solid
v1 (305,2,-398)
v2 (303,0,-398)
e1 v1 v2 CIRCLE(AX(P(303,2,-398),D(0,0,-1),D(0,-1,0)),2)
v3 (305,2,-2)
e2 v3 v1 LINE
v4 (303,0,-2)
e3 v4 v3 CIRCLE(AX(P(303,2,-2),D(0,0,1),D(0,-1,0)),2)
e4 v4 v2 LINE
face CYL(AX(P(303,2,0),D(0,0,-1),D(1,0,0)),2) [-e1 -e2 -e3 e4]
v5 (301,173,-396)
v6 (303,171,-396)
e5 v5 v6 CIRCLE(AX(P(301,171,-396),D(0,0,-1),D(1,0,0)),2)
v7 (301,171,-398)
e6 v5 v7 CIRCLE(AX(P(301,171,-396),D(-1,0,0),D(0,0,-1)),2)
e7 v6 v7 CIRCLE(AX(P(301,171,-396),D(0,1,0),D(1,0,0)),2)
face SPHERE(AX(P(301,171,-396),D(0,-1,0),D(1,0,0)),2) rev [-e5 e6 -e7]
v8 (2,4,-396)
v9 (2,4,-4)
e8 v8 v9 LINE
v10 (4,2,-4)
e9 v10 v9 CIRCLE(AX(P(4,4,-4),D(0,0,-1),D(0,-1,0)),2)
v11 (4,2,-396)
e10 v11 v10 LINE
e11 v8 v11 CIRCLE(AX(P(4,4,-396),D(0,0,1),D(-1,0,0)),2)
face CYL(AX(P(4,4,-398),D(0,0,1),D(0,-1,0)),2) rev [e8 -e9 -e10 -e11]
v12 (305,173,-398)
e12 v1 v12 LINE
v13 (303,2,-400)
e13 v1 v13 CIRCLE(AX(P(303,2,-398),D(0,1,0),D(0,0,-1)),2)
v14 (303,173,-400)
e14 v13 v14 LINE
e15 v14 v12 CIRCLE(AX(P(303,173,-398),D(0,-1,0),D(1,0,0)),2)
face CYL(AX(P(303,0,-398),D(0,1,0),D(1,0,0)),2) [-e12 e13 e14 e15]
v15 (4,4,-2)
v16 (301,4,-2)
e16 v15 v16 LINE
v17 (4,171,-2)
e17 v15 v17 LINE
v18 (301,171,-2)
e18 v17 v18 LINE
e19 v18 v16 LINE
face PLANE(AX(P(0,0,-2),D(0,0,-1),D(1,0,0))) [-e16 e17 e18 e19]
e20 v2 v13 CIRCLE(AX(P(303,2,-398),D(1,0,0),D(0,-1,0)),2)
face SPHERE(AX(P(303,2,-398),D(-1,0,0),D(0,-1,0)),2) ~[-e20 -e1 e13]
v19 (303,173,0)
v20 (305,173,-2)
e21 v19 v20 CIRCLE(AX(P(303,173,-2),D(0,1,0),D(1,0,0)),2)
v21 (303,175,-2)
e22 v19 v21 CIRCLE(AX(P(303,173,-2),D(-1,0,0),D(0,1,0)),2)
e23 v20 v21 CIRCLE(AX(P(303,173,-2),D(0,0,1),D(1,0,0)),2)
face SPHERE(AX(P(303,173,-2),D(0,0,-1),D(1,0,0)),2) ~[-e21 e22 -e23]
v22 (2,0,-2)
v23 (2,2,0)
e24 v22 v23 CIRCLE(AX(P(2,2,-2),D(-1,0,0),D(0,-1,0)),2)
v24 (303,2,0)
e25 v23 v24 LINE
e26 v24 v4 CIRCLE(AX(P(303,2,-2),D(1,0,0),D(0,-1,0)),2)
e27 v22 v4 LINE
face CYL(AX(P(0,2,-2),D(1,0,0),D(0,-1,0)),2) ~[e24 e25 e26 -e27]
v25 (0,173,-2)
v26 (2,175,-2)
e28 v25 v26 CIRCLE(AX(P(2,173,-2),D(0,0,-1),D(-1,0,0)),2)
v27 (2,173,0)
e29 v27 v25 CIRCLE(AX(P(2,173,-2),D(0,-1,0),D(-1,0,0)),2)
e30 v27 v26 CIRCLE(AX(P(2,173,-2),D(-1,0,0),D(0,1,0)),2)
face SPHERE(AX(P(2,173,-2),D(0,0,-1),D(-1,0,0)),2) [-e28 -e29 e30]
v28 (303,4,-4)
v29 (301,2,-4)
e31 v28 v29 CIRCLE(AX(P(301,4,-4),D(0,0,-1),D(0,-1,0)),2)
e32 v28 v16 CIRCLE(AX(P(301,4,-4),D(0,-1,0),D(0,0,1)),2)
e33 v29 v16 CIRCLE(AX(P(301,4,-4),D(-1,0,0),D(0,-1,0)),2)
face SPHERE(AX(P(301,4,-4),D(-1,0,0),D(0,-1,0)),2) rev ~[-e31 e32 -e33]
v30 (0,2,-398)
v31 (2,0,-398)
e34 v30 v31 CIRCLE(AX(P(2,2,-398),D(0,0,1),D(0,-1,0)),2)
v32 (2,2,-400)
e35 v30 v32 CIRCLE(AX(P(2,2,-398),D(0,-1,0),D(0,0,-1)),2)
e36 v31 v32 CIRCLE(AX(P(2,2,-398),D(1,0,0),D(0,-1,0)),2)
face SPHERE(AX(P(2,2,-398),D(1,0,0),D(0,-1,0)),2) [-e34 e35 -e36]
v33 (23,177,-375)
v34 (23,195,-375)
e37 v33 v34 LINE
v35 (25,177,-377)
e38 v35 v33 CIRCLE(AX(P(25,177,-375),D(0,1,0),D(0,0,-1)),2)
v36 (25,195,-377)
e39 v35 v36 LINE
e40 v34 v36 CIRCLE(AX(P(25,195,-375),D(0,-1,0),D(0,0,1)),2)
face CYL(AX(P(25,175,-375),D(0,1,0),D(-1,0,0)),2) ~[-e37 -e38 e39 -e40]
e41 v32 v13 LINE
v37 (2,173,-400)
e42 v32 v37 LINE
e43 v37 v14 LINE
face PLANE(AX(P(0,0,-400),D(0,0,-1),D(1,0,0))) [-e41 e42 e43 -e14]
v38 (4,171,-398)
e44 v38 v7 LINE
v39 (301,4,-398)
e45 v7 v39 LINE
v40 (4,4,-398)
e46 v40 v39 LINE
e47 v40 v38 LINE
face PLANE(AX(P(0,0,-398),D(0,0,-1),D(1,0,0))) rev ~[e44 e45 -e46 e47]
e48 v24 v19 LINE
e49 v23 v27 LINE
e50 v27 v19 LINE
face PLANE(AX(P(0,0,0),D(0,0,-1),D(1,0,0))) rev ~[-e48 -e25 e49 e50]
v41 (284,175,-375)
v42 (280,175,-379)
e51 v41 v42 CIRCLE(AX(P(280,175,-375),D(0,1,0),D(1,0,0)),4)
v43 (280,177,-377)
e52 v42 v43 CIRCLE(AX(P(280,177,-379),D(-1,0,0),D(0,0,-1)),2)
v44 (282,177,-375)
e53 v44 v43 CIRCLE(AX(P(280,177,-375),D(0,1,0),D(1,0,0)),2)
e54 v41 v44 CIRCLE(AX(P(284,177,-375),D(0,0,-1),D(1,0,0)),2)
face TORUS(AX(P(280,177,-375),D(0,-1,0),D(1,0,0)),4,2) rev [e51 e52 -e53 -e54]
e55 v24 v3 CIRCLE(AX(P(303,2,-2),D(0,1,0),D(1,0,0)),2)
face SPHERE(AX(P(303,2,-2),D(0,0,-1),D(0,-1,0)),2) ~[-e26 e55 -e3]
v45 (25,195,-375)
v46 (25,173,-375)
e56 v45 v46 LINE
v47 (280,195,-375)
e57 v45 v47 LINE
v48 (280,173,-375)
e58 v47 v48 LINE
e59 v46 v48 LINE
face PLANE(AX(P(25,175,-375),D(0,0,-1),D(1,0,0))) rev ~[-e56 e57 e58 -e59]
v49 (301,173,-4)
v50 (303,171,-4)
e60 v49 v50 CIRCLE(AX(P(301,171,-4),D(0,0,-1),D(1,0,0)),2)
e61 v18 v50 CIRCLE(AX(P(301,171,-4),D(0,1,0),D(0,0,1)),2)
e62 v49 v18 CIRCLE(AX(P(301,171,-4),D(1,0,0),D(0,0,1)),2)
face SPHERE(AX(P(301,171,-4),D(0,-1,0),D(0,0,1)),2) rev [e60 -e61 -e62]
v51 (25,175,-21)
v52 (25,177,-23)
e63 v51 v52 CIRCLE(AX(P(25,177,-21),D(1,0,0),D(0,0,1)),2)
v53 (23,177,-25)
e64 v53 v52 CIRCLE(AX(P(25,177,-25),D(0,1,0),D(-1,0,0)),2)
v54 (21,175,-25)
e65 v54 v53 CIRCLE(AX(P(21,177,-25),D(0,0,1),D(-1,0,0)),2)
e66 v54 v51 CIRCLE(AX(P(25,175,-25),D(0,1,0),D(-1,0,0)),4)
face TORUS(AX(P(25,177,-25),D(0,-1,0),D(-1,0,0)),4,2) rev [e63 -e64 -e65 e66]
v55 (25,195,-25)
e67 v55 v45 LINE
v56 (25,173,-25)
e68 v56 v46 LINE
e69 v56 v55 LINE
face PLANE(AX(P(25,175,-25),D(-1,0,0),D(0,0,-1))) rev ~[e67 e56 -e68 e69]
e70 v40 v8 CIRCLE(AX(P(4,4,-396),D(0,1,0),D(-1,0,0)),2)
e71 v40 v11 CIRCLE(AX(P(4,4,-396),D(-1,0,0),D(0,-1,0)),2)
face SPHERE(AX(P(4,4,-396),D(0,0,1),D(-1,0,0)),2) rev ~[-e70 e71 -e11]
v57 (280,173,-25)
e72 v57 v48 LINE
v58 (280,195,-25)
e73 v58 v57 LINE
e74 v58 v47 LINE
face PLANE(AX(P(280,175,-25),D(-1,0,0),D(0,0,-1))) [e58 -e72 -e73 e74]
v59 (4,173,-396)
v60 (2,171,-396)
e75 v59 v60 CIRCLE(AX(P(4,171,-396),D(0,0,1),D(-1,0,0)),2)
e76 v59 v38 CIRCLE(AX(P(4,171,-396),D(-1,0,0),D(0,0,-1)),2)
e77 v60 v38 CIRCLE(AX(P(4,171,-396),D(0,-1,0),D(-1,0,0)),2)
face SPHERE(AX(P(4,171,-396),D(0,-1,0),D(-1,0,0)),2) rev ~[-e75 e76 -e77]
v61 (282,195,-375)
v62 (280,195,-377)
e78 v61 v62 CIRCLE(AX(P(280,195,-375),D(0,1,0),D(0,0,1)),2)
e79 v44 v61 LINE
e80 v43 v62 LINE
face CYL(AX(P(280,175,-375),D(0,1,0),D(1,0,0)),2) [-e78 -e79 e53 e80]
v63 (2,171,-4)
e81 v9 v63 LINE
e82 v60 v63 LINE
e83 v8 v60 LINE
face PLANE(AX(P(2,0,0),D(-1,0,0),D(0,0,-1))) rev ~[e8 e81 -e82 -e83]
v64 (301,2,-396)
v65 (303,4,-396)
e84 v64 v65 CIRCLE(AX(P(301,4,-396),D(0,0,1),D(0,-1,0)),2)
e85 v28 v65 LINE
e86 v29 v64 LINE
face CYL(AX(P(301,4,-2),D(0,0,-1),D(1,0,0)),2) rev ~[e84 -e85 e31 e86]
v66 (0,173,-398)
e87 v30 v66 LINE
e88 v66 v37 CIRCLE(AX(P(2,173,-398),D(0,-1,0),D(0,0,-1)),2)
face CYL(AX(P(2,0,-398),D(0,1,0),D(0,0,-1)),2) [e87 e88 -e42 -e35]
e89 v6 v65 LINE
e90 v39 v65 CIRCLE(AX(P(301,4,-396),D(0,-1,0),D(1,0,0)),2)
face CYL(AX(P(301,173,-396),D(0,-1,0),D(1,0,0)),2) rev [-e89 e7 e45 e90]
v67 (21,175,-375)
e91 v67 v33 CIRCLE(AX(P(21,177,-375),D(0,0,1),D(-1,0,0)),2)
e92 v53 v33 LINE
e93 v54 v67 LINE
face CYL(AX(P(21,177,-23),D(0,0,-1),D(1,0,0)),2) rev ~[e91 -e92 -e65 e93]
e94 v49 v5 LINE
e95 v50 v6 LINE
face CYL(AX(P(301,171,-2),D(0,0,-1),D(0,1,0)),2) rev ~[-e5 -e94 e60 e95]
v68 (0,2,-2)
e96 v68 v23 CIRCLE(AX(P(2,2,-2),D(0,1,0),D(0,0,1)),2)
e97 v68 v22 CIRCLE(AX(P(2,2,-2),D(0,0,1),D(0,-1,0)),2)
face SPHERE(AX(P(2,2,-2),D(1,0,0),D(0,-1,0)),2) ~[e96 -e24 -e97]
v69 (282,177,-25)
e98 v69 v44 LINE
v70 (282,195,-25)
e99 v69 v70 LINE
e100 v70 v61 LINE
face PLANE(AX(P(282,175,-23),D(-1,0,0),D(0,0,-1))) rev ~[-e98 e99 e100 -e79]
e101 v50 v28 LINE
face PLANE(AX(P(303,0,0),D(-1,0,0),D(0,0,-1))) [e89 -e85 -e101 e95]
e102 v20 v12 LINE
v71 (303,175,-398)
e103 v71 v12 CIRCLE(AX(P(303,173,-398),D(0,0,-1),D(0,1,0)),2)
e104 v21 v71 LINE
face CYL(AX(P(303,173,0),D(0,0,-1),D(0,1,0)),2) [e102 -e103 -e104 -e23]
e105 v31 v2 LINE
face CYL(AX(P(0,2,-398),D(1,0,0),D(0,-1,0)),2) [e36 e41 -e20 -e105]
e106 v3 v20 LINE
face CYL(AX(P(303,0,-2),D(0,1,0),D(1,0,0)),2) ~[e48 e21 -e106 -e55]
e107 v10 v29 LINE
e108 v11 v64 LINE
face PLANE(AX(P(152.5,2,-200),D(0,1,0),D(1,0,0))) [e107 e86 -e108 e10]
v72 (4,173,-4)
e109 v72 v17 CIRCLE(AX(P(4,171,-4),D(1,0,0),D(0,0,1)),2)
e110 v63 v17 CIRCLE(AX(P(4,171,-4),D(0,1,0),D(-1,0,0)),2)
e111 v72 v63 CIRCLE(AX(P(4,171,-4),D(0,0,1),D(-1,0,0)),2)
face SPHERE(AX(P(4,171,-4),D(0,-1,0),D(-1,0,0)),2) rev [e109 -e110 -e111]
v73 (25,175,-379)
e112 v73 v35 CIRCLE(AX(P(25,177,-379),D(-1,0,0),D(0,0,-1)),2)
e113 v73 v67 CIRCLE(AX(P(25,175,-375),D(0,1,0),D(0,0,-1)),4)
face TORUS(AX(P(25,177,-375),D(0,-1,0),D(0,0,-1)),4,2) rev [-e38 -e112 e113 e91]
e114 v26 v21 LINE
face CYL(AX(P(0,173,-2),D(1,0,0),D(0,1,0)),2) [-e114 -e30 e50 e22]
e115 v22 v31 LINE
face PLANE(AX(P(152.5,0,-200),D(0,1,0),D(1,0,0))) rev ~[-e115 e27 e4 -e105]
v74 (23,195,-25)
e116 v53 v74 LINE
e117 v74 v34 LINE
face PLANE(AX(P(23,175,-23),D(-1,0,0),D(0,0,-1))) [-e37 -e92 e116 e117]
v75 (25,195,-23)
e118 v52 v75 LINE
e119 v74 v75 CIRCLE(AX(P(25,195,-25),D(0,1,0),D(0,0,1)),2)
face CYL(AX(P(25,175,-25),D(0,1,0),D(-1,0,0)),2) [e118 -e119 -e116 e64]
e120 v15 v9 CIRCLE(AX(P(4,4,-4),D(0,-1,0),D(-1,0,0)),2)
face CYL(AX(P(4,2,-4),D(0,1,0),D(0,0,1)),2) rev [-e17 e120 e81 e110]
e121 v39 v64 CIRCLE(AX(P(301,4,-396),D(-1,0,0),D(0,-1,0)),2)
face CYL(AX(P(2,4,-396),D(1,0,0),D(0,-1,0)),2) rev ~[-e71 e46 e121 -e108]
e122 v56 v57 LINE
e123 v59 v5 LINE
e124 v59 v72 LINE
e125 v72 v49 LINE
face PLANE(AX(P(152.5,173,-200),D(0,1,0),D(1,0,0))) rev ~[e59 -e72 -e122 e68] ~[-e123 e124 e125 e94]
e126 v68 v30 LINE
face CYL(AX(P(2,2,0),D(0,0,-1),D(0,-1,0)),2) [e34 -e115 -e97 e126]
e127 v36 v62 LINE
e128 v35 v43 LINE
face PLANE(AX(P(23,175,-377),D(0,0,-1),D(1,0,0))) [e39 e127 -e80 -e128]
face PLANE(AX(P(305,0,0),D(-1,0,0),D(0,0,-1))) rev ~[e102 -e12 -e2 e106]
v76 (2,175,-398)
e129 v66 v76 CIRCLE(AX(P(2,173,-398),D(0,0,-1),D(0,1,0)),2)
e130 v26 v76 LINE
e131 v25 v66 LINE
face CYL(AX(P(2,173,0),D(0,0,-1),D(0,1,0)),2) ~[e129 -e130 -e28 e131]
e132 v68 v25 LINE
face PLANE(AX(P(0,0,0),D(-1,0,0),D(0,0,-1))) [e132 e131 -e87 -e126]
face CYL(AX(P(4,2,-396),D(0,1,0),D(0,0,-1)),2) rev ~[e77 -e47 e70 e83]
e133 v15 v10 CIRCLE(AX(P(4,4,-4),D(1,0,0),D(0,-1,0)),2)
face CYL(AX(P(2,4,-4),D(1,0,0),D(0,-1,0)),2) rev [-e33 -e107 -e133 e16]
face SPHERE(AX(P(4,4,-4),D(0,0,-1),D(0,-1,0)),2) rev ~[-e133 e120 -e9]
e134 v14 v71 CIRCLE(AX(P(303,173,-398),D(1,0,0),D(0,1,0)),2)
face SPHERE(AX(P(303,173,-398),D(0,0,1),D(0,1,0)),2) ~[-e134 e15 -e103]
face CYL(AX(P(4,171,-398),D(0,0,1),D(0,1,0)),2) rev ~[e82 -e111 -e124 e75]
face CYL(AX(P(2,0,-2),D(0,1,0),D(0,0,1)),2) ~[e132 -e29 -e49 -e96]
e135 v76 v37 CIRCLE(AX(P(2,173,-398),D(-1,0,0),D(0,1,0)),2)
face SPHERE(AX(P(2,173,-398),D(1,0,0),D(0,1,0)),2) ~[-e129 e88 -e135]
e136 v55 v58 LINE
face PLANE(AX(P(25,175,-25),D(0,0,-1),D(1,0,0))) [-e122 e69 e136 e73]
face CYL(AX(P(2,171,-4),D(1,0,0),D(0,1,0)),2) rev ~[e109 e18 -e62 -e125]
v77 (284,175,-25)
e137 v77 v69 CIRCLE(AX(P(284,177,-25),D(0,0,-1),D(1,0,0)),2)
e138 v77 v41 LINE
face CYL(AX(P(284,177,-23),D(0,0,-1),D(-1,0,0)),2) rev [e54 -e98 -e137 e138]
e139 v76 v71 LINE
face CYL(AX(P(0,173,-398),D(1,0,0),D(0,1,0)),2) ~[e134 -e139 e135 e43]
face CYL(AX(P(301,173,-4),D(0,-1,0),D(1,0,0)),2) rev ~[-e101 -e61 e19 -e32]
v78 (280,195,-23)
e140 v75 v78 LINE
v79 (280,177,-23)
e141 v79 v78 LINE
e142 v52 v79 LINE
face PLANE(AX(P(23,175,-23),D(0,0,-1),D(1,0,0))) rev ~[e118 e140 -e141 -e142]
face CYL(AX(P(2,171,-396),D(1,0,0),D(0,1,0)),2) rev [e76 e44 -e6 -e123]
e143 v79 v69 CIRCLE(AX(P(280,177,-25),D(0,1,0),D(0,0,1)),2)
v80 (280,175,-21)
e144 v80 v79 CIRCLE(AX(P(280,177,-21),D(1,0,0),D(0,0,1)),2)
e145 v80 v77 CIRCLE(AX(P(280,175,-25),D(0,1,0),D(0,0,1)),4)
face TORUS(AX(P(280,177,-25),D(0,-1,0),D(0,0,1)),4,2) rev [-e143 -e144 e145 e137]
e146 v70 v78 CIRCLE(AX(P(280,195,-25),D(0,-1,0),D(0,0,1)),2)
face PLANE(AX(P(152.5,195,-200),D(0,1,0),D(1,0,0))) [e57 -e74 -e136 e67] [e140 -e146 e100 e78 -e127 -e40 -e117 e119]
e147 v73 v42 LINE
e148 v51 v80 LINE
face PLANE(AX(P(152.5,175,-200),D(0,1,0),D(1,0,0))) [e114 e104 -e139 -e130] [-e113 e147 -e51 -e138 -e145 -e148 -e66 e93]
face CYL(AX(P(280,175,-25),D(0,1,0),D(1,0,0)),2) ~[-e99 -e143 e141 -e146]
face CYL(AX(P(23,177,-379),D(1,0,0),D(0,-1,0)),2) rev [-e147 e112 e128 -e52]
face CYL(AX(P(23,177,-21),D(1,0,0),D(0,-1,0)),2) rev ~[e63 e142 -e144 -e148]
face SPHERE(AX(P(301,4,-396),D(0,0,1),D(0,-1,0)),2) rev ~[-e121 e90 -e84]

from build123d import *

# Parameters (mm, degrees)
SKETCH1_W           = 305
SKETCH1_H           = 400
BOSS_EXTRUDE1_DEPTH = 175
SHELL1_T            = 2
SKETCH2_W           = 255
SKETCH2_H           = 350
CUT_EXTRUDE1_DEPTH  = 5
SKETCH3_W           = 259
SKETCH3_H           = 354
SKETCH3_W_2         = 255
SKETCH3_H_2         = 350
BOSS_EXTRUDE2_DEPTH = 20
FILLET1_R           = 2


with BuildPart() as part:
    # Sketch1 → Boss-Extrude1 (new body)
    with BuildSketch(Plane(origin=(0, 0, 0), x_dir=(1, 0, 0), z_dir=(0, 1, 0))):
        with Locations((152.5, 200)):
            Rectangle(SKETCH1_W, SKETCH1_H)
    extrude(amount=BOSS_EXTRUDE1_DEPTH)

    # Shell1 (no face opened: a closed hollow body)
    add(offset(amount=-SHELL1_T, mode=Mode.PRIVATE), mode=Mode.SUBTRACT)

    # Sketch2 → Cut-Extrude1 (cut)
    with BuildSketch(Plane(origin=(0, 175, 0), x_dir=(1, 0, 0), z_dir=(0, 1, 0))):
        with Locations((152.5, 200)):
            Rectangle(SKETCH2_W, SKETCH2_H)
    extrude(amount=-CUT_EXTRUDE1_DEPTH, mode=Mode.SUBTRACT)

    # Sketch3 → Boss-Extrude2 (add)
    with BuildSketch(Plane(origin=(0, 175, 0), x_dir=(1, 0, 0), z_dir=(0, 1, 0))):
        with Locations((152.5, 200)):
            Rectangle(SKETCH3_W, SKETCH3_H)
        with Locations((152.5, 200)):
            Rectangle(SKETCH3_W_2, SKETCH3_H_2, mode=Mode.SUBTRACT)
    extrude(amount=BOSS_EXTRUDE2_DEPTH)

    # Fillet1
    fillet1_edges = [part.edges().sort_by_distance(p)[0] for p in [
        (305, 175, -200),
        (2, 2, -200),
        (2, 87.5, -398),
        (152.5, 2, -2),
        (2, 87.5, -2),
        (303, 2, -200),
        (303, 87.5, -2),
        (152.5, 2, -398),
        (303, 87.5, -398),
        (2, 173, -200),
        (152.5, 173, -2),
        (303, 173, -200),
        (152.5, 173, -398),
        (152.5, 175, -400),
        (23, 175, -200),
        (0, 175, -200),
        (152.5, 0, -400),
        (23, 185, -377),
        (152.5, 175, -23),
        (23, 185, -23),
        (282, 175, -200),
        (282, 185, -23),
        (152.5, 175, -377),
        (282, 185, -377),
        (305, 0, -200),
        (152.5, 0, 0),
        (0, 0, -200),
        (0, 87.5, -400),
        (305, 87.5, -400),
        (305, 87.5, 0),
        (0, 87.5, 0),
        (152.5, 175, 0),
    ]]
    fillet(fillet1_edges, radius=FILLET1_R)


solid = part.part
